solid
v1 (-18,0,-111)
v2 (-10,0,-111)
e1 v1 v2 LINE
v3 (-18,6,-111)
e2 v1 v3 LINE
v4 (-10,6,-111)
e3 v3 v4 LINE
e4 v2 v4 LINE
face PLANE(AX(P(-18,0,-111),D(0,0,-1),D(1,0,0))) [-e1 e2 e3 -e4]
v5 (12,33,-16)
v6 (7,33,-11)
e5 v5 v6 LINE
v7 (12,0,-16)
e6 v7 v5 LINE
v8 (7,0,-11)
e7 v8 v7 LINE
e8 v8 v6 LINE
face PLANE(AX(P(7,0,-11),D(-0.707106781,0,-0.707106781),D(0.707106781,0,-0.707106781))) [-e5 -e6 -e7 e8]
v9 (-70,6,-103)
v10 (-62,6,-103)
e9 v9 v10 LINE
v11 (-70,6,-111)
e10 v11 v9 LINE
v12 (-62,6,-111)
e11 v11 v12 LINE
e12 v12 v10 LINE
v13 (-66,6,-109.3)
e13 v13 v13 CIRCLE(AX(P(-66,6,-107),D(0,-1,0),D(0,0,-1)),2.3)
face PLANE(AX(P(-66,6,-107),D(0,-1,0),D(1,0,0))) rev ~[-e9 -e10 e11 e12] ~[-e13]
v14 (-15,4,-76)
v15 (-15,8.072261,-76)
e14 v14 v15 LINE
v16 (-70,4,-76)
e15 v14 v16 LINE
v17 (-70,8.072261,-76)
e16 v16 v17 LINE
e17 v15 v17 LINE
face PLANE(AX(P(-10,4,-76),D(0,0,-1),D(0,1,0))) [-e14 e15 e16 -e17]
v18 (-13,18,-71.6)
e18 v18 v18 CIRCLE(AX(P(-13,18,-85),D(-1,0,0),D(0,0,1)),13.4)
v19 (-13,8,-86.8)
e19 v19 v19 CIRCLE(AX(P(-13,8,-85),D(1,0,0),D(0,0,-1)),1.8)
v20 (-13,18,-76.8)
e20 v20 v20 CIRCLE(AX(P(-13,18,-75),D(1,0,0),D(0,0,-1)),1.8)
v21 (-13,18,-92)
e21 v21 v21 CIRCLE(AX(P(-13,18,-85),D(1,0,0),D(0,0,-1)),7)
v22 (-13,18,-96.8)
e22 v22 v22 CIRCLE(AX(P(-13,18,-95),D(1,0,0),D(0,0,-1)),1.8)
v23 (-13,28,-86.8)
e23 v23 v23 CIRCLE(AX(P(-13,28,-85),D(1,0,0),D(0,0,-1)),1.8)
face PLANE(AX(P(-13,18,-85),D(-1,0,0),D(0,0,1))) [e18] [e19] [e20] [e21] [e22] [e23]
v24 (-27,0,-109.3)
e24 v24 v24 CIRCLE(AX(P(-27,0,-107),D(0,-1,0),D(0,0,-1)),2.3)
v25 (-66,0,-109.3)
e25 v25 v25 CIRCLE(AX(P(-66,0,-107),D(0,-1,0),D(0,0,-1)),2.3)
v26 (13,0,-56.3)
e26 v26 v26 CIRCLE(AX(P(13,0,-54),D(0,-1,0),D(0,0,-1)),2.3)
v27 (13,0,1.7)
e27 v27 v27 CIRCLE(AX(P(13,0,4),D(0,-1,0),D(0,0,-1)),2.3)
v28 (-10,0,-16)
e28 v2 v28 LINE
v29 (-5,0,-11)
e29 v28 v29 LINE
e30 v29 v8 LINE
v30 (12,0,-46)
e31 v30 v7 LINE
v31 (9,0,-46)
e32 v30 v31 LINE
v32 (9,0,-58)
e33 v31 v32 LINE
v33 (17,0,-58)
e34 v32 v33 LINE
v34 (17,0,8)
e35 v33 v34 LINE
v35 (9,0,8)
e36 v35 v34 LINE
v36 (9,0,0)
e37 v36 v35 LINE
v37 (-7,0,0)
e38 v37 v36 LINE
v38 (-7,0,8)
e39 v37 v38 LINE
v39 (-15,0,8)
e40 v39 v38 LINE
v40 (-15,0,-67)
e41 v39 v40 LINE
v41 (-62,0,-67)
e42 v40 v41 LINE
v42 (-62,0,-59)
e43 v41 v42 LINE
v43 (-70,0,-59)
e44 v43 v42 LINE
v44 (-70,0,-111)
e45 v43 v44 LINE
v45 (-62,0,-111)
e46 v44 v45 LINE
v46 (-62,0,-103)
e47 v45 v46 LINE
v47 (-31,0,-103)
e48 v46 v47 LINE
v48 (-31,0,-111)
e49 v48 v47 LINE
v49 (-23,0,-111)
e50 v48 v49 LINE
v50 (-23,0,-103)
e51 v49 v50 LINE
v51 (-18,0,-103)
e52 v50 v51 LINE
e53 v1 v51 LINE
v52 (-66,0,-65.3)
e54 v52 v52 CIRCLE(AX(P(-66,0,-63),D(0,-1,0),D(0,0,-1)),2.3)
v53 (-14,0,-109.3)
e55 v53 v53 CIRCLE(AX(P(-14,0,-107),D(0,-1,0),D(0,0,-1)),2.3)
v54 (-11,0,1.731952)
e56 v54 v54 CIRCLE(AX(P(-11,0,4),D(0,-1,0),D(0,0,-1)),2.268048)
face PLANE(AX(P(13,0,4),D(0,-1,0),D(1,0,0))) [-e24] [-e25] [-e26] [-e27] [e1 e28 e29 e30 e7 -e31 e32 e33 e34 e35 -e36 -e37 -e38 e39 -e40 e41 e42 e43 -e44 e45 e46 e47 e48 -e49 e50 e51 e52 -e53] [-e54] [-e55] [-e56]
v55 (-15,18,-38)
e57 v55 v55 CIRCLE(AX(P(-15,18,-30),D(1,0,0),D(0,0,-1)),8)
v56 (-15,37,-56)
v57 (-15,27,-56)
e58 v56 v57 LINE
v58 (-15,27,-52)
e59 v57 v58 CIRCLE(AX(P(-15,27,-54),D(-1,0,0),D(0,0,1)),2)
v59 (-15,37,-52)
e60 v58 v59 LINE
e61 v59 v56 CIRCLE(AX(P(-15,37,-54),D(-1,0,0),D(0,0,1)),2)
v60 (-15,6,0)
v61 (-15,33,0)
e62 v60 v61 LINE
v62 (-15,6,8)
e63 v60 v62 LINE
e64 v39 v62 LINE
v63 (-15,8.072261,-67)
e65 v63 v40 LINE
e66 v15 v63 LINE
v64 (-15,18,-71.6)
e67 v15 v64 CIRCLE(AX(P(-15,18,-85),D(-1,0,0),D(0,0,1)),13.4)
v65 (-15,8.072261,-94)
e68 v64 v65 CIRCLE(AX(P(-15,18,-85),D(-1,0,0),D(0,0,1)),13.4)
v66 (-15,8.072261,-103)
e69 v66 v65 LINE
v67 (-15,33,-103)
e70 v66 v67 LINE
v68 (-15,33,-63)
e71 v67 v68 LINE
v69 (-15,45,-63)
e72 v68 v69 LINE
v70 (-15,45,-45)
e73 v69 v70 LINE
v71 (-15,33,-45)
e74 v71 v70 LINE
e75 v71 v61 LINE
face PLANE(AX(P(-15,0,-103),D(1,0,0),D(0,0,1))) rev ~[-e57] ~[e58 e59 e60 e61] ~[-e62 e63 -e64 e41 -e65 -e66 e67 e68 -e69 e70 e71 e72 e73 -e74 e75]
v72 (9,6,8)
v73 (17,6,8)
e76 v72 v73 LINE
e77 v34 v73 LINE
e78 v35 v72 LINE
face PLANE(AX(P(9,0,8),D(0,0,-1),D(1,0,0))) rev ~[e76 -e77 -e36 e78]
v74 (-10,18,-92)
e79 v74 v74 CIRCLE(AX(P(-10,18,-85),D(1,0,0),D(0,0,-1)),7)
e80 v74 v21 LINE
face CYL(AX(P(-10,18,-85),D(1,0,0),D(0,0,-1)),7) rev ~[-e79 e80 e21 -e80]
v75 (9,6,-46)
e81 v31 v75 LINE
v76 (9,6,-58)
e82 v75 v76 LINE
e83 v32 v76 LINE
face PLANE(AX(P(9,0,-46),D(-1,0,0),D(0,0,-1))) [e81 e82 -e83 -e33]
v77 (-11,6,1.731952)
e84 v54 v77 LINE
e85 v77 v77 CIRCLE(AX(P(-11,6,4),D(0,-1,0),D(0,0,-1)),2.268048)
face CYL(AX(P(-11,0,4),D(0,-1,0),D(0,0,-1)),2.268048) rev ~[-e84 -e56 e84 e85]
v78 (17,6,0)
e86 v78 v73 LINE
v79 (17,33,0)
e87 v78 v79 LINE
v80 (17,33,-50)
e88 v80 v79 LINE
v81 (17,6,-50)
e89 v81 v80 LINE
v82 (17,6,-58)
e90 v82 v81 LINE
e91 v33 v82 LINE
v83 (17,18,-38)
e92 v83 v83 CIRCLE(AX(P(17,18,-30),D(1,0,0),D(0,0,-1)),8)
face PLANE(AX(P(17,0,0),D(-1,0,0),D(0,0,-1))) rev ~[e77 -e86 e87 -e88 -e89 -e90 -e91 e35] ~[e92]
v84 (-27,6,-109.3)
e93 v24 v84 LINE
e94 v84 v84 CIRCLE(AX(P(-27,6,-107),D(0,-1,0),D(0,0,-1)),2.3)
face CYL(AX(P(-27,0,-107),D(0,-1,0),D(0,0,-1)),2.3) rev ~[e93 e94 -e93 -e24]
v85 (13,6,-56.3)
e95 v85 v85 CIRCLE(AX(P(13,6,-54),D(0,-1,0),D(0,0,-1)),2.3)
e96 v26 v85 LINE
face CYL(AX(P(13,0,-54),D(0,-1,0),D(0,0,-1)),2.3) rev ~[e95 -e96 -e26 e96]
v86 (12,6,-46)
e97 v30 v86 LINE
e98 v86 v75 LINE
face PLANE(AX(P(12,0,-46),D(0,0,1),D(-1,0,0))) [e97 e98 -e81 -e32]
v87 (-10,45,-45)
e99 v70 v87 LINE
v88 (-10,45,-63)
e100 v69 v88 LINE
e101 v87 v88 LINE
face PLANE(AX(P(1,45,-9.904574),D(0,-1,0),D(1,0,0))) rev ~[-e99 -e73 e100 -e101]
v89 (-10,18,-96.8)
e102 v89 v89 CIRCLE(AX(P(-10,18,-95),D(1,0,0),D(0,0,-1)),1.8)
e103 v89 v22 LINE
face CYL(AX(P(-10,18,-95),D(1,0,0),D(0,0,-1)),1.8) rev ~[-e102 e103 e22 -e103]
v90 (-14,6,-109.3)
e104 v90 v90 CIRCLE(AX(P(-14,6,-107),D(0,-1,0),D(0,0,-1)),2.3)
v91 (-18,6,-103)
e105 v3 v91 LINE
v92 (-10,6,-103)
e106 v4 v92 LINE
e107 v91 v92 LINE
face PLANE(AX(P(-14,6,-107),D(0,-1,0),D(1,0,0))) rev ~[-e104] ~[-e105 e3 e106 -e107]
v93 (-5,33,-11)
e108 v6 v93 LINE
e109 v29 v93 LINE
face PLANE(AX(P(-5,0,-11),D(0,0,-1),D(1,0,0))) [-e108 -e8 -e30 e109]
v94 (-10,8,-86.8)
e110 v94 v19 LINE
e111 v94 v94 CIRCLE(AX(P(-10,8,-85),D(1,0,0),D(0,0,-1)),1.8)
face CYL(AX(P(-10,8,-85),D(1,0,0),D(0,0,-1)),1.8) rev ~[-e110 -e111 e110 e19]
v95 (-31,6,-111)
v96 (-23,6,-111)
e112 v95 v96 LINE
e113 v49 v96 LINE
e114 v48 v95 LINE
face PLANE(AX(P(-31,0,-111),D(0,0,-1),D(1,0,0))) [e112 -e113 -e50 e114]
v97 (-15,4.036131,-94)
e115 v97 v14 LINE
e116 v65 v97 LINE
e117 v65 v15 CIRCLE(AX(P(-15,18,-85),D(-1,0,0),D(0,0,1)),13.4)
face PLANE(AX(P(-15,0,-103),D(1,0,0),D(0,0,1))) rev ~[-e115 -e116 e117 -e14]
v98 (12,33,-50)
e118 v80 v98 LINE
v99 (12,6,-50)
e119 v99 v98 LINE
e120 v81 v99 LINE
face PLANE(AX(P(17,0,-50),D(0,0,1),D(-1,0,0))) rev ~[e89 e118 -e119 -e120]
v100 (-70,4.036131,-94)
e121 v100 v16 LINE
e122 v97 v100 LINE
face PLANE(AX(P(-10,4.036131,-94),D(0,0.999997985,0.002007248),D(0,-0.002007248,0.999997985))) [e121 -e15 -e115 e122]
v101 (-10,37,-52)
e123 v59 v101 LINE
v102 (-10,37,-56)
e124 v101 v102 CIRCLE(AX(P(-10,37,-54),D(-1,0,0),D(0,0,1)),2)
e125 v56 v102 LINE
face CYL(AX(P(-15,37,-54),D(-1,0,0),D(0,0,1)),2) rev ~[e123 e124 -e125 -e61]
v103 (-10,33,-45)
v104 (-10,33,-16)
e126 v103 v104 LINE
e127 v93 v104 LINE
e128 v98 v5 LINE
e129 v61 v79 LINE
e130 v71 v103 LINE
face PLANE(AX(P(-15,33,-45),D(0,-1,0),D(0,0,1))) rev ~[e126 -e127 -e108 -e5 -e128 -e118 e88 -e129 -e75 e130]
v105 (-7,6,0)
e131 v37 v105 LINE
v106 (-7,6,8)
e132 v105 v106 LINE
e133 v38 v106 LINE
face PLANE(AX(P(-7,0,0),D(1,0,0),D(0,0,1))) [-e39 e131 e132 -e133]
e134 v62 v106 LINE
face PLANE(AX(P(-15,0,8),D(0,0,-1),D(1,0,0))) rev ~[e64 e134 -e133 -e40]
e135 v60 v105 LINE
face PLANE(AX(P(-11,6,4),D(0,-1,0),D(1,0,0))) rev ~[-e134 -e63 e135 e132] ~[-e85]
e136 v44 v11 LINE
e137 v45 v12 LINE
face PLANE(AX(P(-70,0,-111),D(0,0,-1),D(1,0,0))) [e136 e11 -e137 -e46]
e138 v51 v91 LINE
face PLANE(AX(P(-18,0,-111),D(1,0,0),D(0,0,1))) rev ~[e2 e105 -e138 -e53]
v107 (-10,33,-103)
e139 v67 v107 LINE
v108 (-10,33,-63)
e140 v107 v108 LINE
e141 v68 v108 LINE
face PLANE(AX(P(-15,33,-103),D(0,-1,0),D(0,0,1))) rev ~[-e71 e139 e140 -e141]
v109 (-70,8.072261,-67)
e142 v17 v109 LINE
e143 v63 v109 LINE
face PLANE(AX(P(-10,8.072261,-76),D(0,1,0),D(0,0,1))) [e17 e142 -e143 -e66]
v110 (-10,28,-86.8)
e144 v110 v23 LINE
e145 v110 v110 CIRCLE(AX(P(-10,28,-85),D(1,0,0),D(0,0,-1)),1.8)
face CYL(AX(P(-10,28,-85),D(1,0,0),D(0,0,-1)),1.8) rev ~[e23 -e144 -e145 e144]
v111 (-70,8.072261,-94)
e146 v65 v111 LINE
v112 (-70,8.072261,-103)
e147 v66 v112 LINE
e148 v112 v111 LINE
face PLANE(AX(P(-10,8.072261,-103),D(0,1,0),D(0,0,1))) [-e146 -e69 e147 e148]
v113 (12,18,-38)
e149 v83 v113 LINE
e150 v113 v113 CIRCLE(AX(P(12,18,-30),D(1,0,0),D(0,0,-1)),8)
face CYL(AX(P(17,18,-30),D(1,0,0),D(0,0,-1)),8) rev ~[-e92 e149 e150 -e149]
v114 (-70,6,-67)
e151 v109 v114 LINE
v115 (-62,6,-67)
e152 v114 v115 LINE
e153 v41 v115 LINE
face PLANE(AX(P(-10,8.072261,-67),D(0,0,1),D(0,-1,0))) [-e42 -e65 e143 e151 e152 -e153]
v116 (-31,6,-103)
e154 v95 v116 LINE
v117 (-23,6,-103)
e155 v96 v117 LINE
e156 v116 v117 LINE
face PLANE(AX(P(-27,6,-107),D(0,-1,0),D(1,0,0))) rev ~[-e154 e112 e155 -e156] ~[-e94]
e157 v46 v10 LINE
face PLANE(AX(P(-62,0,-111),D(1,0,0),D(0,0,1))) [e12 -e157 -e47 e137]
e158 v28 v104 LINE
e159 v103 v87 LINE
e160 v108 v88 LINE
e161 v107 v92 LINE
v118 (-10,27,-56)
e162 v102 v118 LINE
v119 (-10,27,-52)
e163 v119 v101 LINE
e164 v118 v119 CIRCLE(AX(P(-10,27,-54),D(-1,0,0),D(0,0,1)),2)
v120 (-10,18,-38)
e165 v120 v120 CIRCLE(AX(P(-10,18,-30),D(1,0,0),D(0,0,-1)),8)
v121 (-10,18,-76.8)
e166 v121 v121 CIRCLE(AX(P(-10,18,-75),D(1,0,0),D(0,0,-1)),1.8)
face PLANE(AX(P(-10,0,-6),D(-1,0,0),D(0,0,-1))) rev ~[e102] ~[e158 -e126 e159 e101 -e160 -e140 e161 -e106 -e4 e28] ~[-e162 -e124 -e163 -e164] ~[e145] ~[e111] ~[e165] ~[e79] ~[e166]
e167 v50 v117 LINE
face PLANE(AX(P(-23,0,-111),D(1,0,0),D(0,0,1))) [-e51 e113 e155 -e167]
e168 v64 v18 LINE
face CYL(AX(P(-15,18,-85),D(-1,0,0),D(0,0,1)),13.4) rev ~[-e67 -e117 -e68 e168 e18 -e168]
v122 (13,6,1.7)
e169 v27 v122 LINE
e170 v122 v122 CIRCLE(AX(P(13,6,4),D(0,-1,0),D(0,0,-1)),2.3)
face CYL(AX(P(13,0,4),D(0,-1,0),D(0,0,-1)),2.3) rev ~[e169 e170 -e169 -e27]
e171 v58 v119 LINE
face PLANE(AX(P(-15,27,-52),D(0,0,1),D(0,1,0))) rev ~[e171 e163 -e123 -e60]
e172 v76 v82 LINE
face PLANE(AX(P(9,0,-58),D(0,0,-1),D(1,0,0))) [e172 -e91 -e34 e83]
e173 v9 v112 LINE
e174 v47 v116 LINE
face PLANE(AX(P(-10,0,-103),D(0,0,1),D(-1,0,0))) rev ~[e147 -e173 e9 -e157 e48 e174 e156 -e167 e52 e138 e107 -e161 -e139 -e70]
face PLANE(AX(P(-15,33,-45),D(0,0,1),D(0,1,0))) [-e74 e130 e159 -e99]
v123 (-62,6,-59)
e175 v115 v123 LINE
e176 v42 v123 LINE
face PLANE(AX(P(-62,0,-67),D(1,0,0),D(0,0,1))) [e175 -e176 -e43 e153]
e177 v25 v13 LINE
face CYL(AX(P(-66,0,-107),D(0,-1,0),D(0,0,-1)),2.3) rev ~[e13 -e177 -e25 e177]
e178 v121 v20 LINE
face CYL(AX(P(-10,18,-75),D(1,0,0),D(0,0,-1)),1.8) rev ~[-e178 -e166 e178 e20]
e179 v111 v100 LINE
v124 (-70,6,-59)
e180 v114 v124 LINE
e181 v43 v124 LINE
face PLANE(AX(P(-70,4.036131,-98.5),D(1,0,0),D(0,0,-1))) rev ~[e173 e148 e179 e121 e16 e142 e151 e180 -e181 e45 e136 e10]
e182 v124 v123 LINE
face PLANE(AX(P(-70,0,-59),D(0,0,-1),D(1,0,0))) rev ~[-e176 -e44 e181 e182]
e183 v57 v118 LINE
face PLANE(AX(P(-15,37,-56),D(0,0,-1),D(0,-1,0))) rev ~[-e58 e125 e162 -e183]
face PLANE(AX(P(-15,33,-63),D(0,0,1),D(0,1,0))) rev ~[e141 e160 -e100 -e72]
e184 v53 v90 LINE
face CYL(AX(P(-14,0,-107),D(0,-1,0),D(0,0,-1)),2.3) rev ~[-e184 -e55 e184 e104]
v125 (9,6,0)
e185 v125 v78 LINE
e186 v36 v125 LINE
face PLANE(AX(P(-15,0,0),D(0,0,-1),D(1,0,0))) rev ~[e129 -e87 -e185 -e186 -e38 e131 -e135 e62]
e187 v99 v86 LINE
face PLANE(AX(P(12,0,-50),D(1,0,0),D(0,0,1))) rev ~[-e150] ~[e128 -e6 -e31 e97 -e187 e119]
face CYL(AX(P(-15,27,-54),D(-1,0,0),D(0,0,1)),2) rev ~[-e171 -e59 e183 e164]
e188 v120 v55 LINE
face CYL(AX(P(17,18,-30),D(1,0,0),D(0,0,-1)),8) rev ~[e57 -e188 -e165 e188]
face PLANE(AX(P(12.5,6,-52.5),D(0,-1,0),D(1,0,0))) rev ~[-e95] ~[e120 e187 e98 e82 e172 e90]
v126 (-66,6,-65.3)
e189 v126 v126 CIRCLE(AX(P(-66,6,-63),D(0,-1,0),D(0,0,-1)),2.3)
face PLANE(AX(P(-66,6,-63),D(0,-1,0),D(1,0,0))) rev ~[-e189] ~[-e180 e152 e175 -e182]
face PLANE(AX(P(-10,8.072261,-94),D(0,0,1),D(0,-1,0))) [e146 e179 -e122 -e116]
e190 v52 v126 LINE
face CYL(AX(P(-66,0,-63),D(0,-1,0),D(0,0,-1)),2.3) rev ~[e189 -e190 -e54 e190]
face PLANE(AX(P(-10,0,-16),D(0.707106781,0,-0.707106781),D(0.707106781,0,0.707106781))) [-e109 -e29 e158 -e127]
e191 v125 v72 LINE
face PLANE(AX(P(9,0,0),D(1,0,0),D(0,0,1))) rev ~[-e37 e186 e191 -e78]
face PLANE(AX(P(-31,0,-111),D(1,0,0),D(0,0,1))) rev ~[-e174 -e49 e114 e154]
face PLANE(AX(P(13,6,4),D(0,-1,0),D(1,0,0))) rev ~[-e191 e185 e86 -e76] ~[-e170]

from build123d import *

# Parameters (mm, degrees)
BOSS_EXTRU_1_DEPTH      = 45
ESQUISSE2_R             = 8
ENL_V_MAT_EXTRU_1_DEPTH = 50
ENL_V_MAT_EXTRU_2_DEPTH = 50
ESQUISSE4_R             = 1.8
ESQUISSE4_R_2           = 7
ENL_V_MAT_EXTRU_3_DEPTH = 5
BOSS_EXTRU_2_DEPTH      = 60
BOSS_EXTRU_3_DEPTH      = 45
ESQUISSE11_W            = 8
ESQUISSE11_H            = 8
ESQUISSE11_R            = 2.3
ESQUISSE11_R_2          = 2.268048231
BOSS_EXTRU_6_DEPTH      = 6
ESQUISSE12_W            = 40
ESQUISSE12_H            = 12
ESQUISSE12_W_2          = 45
ENL_V_MAT_EXTRU_5_DEPTH = 50
ESQUISSE13_W            = 5
ESQUISSE13_H            = 12
ENL_V_MAT_EXTRU_6_DEPTH = 20
ESQUISSE25_R            = 13.4
ENL_V_MAT_EXTRU_8_DEPTH = 2


with BuildPart() as part:
    # Esquisse1 → Boss.-Extru.1 (new body)
    with BuildSketch(Plane(origin=(0, 0, 0), x_dir=(1, 0, 0), z_dir=(0, 1, 0))):
        Polygon((-15, 0), (17, 0), (17, 50), (12, 50), (12, 6), (-10, 6), (-10, 103), (-15, 103), align=None)
    extrude(amount=BOSS_EXTRU_1_DEPTH)

    # Esquisse2 → Enlèv. mat.-Extru.1 (cut)
    with BuildSketch(Plane(origin=(17, 0, 0), x_dir=(0, 0, -1), z_dir=(1, 0, 0))):
        with Locations((30, 18)):
            Circle(ESQUISSE2_R)
    extrude(amount=-ENL_V_MAT_EXTRU_1_DEPTH, mode=Mode.SUBTRACT)

    # Esquisse3 → Enlèv. mat.-Extru.2 (cut)
    with BuildSketch(Plane.ZY.offset(15)):
        with BuildLine():
            ThreePointArc((-52, 37), (-54, 39), (-56, 37))
            Line((-56, 37), (-56, 27))
            ThreePointArc((-56, 27), (-54, 25), (-52, 27))
            Line((-52, 27), (-52, 37))
        make_face()
    extrude(amount=-ENL_V_MAT_EXTRU_2_DEPTH, mode=Mode.SUBTRACT)

    # Esquisse4 → Enlèv. mat.-Extru.3 (cut)
    with BuildSketch(Plane(origin=(-10, 0, 0), x_dir=(0, 0, -1), z_dir=(1, 0, 0))):
        with Locations((75, 18)):
            Circle(ESQUISSE4_R)
        with Locations((85, 8)):
            Circle(ESQUISSE4_R)
        with Locations((95, 18)):
            Circle(ESQUISSE4_R)
        with Locations((85, 28)):
            Circle(ESQUISSE4_R)
        with Locations((85, 18)):
            Circle(ESQUISSE4_R_2)
    extrude(amount=-ENL_V_MAT_EXTRU_3_DEPTH, mode=Mode.SUBTRACT)

    # Esquisse4<4> → Boss.-Extru.2 (add)
    with BuildSketch(Plane(origin=(-10, 0, 0), x_dir=(0, 0, -1), z_dir=(1, 0, 0))):
        Polygon((103, 0), (103, 8.072261083), (94, 8.072261083), (94, 4.036130542), (76, 4), (76, 8.072261083), (67, 8.072261083), (67, 0), align=None)
    extrude(amount=-BOSS_EXTRU_2_DEPTH)

    # Esquisse6 → Boss.-Extru.3 (add)
    with BuildSketch(Plane.XZ):
        Polygon((-5, -6), (-10, -6), (-10, -16), (-5, -11), (7, -11), (12, -16), (12, -6), (7, -6), align=None)
    extrude(amount=-BOSS_EXTRU_3_DEPTH)

    # Esquisse11 → Boss.-Extru.6 (add)
    # profile 1 of 7: a face of its own
    with BuildSketch(Plane.XZ):
        with Locations((13, 4)):
            Rectangle(ESQUISSE11_W, ESQUISSE11_H)
        with Locations((13, 4)):
            Circle(ESQUISSE11_R, mode=Mode.SUBTRACT)
    # profile 2 of 7: a face of its own
    with BuildSketch(Plane.XZ):
        with Locations((-11, 4)):
            Rectangle(ESQUISSE11_W, ESQUISSE11_H)
        with Locations((-11, 4)):
            Circle(ESQUISSE11_R_2, mode=Mode.SUBTRACT)
    # profile 3 of 7: a face of its own
    with BuildSketch(Plane.XZ):
        Polygon((17, -58), (17, -50), (12, -50), (12, -46), (9, -46), (9, -58), align=None)
        with Locations((13, -54)):
            Circle(ESQUISSE11_R, mode=Mode.SUBTRACT)
    # profile 4 of 7: a face of its own
    with BuildSketch(Plane.XZ):
        with Locations((-66, -63)):
            Rectangle(ESQUISSE11_W, ESQUISSE11_H)
        with Locations((-66, -63)):
            Circle(ESQUISSE11_R, mode=Mode.SUBTRACT)
    # profile 5 of 7: a face of its own
    with BuildSketch(Plane.XZ):
        with Locations((-66, -107)):
            Rectangle(ESQUISSE11_W, ESQUISSE11_H)
        with Locations((-66, -107)):
            Circle(ESQUISSE11_R, mode=Mode.SUBTRACT)
    # profile 6 of 7: a face of its own
    with BuildSketch(Plane.XZ):
        with Locations((-27, -107)):
            Rectangle(ESQUISSE11_W, ESQUISSE11_H)
        with Locations((-27, -107)):
            Circle(ESQUISSE11_R, mode=Mode.SUBTRACT)
    # profile 7 of 7: a face of its own
    with BuildSketch(Plane.XZ):
        with Locations((-14, -107)):
            Rectangle(ESQUISSE11_W, ESQUISSE11_H)
        with Locations((-14, -107)):
            Circle(ESQUISSE11_R, mode=Mode.SUBTRACT)
    extrude(amount=-BOSS_EXTRU_6_DEPTH)

    # Esquisse12 → Enlèv. mat.-Extru.5 (cut)
    with BuildSketch(Plane.ZY.offset(15)):
        with Locations((-83, 39)):
            Rectangle(ESQUISSE12_W, ESQUISSE12_H)
        with Locations((-22.5, 39)):
            Rectangle(ESQUISSE12_W_2, ESQUISSE12_H)
    extrude(amount=-ENL_V_MAT_EXTRU_5_DEPTH, mode=Mode.SUBTRACT)

    # Esquisse13 → Enlèv. mat.-Extru.6 (cut)
    with BuildSketch(Plane(origin=(17, 0, 0), x_dir=(0, 0, -1), z_dir=(1, 0, 0))):
        with Locations((47.5, 39)):
            Rectangle(ESQUISSE13_W, ESQUISSE13_H)
    extrude(amount=-ENL_V_MAT_EXTRU_6_DEPTH, mode=Mode.SUBTRACT)

    # Esquisse25 → Enlèv. mat.-Extru.8 (cut)
    with BuildSketch(Plane.ZY.offset(15)):
        with Locations((-85, 18)):
            Circle(ESQUISSE25_R)
    extrude(amount=-ENL_V_MAT_EXTRU_8_DEPTH, mode=Mode.SUBTRACT)


solid = part.part
